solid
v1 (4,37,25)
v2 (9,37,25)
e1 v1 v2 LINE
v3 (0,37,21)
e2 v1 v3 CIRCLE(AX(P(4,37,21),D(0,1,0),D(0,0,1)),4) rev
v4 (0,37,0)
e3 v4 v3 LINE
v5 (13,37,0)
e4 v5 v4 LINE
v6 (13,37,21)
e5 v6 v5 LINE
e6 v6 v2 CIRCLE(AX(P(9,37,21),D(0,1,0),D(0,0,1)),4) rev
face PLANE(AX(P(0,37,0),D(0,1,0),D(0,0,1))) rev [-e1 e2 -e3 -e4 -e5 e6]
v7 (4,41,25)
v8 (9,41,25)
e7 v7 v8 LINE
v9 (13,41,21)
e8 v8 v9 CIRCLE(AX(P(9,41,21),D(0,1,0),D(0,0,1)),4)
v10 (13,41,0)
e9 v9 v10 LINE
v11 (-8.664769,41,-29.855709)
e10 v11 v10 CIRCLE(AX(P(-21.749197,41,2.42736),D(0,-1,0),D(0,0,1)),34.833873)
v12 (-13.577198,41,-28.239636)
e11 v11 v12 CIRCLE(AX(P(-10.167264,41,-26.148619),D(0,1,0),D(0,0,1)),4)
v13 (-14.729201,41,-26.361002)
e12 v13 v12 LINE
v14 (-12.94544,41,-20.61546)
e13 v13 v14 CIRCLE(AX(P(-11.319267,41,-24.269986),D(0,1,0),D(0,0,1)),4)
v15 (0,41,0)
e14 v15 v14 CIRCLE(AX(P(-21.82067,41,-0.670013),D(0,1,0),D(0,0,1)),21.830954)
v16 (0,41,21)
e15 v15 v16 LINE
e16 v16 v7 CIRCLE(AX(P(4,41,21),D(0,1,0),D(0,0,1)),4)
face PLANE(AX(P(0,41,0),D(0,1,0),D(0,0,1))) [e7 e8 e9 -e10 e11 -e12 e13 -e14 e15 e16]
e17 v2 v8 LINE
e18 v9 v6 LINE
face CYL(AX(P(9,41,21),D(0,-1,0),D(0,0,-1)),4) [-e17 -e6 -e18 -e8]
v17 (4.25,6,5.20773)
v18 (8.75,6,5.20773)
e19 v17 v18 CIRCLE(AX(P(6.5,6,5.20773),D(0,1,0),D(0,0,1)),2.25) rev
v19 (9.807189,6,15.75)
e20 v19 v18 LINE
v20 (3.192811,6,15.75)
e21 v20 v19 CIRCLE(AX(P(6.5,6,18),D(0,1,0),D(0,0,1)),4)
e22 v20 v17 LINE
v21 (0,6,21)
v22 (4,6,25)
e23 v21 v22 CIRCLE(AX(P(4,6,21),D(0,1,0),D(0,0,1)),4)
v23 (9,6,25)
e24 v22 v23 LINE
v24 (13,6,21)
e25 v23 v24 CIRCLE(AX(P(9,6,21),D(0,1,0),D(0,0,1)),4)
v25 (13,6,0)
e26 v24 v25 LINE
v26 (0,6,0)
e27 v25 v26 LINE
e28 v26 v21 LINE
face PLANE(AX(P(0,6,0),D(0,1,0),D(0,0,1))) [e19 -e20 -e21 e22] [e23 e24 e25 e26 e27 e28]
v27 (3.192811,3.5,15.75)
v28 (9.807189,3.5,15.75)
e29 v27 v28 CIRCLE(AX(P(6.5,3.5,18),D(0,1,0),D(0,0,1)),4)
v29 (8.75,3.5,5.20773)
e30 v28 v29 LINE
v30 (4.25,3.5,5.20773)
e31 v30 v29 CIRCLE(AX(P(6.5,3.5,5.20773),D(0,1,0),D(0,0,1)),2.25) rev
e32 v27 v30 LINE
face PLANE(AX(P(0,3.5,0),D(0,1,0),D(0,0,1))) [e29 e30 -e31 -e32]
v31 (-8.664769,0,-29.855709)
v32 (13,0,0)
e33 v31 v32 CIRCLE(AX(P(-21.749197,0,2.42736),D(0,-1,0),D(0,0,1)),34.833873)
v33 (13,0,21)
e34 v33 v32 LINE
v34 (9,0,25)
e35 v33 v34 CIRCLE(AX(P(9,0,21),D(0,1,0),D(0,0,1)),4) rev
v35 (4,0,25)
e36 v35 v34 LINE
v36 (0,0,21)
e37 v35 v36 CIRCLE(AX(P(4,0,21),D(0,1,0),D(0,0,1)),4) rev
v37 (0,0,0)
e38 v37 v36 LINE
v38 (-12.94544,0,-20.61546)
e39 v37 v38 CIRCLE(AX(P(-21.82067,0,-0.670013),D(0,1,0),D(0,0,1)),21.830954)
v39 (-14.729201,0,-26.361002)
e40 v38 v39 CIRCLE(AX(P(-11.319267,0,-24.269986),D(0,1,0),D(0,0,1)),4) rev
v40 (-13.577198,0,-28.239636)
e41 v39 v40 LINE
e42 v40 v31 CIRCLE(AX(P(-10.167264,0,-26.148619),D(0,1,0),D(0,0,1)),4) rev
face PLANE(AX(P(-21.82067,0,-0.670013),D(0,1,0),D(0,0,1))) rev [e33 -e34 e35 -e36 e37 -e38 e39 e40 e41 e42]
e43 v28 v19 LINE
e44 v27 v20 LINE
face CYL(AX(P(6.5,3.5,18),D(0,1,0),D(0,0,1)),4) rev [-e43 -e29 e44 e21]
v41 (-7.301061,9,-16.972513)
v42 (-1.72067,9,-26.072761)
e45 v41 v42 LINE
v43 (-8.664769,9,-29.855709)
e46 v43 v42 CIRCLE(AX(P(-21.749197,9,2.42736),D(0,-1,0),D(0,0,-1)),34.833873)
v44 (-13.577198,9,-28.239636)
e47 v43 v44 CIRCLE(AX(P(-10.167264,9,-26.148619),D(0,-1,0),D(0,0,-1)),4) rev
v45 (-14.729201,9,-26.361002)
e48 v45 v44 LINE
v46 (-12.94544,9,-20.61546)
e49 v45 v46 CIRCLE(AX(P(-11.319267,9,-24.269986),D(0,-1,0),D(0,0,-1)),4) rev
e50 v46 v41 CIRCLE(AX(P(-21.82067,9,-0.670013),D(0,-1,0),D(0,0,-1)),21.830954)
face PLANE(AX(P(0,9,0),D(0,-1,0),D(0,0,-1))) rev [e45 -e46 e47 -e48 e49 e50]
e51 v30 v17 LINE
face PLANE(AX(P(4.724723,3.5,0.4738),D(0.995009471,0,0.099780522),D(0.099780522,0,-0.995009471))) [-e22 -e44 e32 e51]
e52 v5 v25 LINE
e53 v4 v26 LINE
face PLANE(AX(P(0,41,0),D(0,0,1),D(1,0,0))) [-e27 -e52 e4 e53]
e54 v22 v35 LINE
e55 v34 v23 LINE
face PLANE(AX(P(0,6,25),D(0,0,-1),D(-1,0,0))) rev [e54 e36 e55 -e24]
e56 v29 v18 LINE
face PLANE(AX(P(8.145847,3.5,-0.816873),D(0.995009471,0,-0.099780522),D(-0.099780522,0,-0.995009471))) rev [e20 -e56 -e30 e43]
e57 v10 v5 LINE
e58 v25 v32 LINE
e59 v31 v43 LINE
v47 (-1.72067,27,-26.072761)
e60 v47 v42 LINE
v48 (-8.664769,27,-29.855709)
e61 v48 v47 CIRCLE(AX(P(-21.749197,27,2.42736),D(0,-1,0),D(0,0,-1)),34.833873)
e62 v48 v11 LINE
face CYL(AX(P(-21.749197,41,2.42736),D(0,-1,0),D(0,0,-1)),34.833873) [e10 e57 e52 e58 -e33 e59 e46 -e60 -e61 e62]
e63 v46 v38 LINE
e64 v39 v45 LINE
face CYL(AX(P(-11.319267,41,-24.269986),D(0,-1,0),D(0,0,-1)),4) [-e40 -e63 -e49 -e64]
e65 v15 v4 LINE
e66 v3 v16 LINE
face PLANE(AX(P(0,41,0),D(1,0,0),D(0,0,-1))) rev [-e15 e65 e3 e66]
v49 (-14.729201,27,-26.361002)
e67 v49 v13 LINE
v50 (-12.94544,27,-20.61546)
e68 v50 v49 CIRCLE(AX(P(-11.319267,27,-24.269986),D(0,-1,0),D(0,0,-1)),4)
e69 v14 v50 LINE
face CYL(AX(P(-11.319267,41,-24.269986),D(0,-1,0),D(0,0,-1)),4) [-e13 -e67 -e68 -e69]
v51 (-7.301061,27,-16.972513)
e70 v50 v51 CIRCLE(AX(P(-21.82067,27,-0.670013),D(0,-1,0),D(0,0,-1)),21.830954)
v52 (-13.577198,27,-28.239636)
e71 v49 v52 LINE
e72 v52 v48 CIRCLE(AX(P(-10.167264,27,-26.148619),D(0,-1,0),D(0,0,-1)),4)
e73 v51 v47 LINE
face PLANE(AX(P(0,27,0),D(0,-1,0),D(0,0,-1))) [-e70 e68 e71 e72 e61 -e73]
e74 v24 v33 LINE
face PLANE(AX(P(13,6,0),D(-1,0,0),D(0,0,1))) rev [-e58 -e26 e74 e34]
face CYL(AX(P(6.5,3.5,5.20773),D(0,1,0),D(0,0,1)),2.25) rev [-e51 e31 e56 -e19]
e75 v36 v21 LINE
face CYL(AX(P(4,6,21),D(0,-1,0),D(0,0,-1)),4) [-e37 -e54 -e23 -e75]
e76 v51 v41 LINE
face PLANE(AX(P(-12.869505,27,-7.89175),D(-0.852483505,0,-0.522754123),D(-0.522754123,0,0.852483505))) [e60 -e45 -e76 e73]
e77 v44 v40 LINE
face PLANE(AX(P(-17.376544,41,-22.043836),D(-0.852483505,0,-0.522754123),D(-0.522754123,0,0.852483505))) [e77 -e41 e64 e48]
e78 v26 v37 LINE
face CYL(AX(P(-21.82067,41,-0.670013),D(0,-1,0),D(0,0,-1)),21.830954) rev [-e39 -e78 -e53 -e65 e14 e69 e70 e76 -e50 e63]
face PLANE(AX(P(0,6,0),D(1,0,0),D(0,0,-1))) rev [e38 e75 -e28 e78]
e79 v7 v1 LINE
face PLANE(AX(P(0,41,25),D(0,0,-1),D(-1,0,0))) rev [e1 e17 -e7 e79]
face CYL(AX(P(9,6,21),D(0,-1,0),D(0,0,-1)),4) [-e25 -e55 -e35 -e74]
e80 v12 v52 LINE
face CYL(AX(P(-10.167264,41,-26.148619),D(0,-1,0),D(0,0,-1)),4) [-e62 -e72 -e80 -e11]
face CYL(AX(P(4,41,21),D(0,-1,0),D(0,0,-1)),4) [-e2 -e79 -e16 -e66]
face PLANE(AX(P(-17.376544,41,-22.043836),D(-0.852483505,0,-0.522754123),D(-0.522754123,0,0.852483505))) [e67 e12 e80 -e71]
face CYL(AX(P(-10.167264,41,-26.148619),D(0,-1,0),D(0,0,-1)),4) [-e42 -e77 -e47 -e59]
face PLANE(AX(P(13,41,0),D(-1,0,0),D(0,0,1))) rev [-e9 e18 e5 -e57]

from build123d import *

# Parameters (mm, degrees)
SKETCH1_W           = 13
SKETCH1_H           = 25
BOSS_EXTRUDE1_DEPTH = 6
SKETCH2_W           = 13
SKETCH2_H           = 25
BOSS_EXTRUDE2_DEPTH = 4
CUT_EXTRUDE1_DEPTH  = 2.5
BOSS_EXTRUDE3_DEPTH = 41
CUT_EXTRUDE2_DEPTH  = 18
FILLET2_R           = 4
FILLET3_R           = 4


with BuildPart() as part:
    # Sketch1 → Boss-Extrude1 (new body)
    with BuildSketch(Plane(origin=(0, 0, 0), x_dir=(1, 0, 0), z_dir=(0, 1, 0))):
        with Locations((6.5, -12.5)):
            Rectangle(SKETCH1_W, SKETCH1_H)
    extrude(amount=BOSS_EXTRUDE1_DEPTH)

    # Sketch3 → Cut-Extrude1 (cut)
    with BuildSketch(Plane(origin=(0, 6, 0), x_dir=(1, 0, 0), z_dir=(0, 1, 0))):
        with BuildLine():
            Line((4.25, -5.207729985), (3.192810861, -15.75))
            ThreePointArc((3.192810861, -15.75), (6.5, -14), (9.807189139, -15.75))
            Line((9.807189139, -15.75), (8.75, -5.207729985))
            ThreePointArc((8.75, -5.207729985), (6.5, -2.957729985), (4.25, -5.207729985))
        make_face()
        with BuildLine():
            ThreePointArc((9.807189139, -15.75), (6.5, -14), (3.192810861, -15.75))
            Line((3.192810861, -15.75), (3.192810861, -20.25))
            ThreePointArc((3.192810861, -20.25), (6.5, -22), (9.807189139, -20.25))
            Line((9.807189139, -20.25), (9.807189139, -15.75))
        make_face()
        with BuildLine():
            Line((3.192810861, -20.25), (3.192810861, -15.75))
            ThreePointArc((3.192810861, -15.75), (2.5, -18), (3.192810861, -20.25))
        make_face()
        with BuildLine():
            ThreePointArc((10.5, -18), (10.322875656, -16.822875656), (9.807189139, -15.75))
            Line((9.807189139, -15.75), (9.807189139, -20.25))
            ThreePointArc((9.807189139, -20.25), (10.322875656, -19.177124344), (10.5, -18))
        make_face()
    extrude(amount=-CUT_EXTRUDE1_DEPTH, mode=Mode.SUBTRACT)



with BuildPart() as body_2:
    # Sketch2 → Boss-Extrude2 (new body)
    with BuildSketch(Plane(origin=(0, 37, 0), x_dir=(1, 0, 0), z_dir=(0, 1, 0))):
        with Locations((6.5, -12.5)):
            Rectangle(SKETCH2_W, SKETCH2_H)
    extrude(amount=BOSS_EXTRUDE2_DEPTH)


with BuildPart() as part_1:
    add(part.part)

    add(body_2.part)  # Boss-Extrude3 merges body 2
    # Sketch4 → Boss-Extrude3 (add, through all)
    with BuildSketch(Plane.XZ):
        with BuildLine():
            Line((-17.376544105, -22.043835706), (-11.894619464, -30.983507581))
            ThreePointArc((-11.894619464, -30.983507581), (5.405335132, -19.390755444), (13, 0))
            Line((13, 0), (0, 0))
            ThreePointArc((0, 0), (-4.675917284, -14.184745799), (-17.376544105, -22.043835706))
        make_face()
    extrude(amount=-BOSS_EXTRUDE3_DEPTH)

    # Sketch5 → Cut-Extrude2 (cut)
    with BuildSketch(Plane(origin=(0, 9, 0), x_dir=(-1, 0, 0), z_dir=(0, -1, 0))):
        with BuildLine():
            Line((1.720669879, 26.072760653), (7.3010615, 16.972513332))
            ThreePointArc((7.3010615, 16.972513332), (12.005611012, 20.170145468), (17.376544105, 22.043835706))
            Line((17.376544105, 22.043835706), (11.894619464, 30.983507581))
            ThreePointArc((11.894619464, 30.983507581), (6.607240555, 28.943325821), (1.720669879, 26.072760653))
        make_face()
    extrude(amount=-CUT_EXTRUDE2_DEPTH, mode=Mode.SUBTRACT)

    # Fillet2
    fillet2_edges = [part_1.edges().sort_by_distance(p)[0] for p in [
        (-17.376544105, 34, -22.043835706),
        (-11.894619464, 34, -30.983507581),
        (-17.376544105, 4.5, -22.043835706),
        (-11.894619464, 4.5, -30.983507581),
    ]]
    fillet(fillet2_edges, radius=FILLET2_R)

    # Fillet3
    fillet3_edges = [part_1.edges().sort_by_distance(p)[0] for p in [
        (0, 3, 25),
        (13, 3, 25),
        (13, 39, 25),
        (0, 39, 25),
    ]]
    fillet(fillet3_edges, radius=FILLET3_R)


solid = part_1.part
